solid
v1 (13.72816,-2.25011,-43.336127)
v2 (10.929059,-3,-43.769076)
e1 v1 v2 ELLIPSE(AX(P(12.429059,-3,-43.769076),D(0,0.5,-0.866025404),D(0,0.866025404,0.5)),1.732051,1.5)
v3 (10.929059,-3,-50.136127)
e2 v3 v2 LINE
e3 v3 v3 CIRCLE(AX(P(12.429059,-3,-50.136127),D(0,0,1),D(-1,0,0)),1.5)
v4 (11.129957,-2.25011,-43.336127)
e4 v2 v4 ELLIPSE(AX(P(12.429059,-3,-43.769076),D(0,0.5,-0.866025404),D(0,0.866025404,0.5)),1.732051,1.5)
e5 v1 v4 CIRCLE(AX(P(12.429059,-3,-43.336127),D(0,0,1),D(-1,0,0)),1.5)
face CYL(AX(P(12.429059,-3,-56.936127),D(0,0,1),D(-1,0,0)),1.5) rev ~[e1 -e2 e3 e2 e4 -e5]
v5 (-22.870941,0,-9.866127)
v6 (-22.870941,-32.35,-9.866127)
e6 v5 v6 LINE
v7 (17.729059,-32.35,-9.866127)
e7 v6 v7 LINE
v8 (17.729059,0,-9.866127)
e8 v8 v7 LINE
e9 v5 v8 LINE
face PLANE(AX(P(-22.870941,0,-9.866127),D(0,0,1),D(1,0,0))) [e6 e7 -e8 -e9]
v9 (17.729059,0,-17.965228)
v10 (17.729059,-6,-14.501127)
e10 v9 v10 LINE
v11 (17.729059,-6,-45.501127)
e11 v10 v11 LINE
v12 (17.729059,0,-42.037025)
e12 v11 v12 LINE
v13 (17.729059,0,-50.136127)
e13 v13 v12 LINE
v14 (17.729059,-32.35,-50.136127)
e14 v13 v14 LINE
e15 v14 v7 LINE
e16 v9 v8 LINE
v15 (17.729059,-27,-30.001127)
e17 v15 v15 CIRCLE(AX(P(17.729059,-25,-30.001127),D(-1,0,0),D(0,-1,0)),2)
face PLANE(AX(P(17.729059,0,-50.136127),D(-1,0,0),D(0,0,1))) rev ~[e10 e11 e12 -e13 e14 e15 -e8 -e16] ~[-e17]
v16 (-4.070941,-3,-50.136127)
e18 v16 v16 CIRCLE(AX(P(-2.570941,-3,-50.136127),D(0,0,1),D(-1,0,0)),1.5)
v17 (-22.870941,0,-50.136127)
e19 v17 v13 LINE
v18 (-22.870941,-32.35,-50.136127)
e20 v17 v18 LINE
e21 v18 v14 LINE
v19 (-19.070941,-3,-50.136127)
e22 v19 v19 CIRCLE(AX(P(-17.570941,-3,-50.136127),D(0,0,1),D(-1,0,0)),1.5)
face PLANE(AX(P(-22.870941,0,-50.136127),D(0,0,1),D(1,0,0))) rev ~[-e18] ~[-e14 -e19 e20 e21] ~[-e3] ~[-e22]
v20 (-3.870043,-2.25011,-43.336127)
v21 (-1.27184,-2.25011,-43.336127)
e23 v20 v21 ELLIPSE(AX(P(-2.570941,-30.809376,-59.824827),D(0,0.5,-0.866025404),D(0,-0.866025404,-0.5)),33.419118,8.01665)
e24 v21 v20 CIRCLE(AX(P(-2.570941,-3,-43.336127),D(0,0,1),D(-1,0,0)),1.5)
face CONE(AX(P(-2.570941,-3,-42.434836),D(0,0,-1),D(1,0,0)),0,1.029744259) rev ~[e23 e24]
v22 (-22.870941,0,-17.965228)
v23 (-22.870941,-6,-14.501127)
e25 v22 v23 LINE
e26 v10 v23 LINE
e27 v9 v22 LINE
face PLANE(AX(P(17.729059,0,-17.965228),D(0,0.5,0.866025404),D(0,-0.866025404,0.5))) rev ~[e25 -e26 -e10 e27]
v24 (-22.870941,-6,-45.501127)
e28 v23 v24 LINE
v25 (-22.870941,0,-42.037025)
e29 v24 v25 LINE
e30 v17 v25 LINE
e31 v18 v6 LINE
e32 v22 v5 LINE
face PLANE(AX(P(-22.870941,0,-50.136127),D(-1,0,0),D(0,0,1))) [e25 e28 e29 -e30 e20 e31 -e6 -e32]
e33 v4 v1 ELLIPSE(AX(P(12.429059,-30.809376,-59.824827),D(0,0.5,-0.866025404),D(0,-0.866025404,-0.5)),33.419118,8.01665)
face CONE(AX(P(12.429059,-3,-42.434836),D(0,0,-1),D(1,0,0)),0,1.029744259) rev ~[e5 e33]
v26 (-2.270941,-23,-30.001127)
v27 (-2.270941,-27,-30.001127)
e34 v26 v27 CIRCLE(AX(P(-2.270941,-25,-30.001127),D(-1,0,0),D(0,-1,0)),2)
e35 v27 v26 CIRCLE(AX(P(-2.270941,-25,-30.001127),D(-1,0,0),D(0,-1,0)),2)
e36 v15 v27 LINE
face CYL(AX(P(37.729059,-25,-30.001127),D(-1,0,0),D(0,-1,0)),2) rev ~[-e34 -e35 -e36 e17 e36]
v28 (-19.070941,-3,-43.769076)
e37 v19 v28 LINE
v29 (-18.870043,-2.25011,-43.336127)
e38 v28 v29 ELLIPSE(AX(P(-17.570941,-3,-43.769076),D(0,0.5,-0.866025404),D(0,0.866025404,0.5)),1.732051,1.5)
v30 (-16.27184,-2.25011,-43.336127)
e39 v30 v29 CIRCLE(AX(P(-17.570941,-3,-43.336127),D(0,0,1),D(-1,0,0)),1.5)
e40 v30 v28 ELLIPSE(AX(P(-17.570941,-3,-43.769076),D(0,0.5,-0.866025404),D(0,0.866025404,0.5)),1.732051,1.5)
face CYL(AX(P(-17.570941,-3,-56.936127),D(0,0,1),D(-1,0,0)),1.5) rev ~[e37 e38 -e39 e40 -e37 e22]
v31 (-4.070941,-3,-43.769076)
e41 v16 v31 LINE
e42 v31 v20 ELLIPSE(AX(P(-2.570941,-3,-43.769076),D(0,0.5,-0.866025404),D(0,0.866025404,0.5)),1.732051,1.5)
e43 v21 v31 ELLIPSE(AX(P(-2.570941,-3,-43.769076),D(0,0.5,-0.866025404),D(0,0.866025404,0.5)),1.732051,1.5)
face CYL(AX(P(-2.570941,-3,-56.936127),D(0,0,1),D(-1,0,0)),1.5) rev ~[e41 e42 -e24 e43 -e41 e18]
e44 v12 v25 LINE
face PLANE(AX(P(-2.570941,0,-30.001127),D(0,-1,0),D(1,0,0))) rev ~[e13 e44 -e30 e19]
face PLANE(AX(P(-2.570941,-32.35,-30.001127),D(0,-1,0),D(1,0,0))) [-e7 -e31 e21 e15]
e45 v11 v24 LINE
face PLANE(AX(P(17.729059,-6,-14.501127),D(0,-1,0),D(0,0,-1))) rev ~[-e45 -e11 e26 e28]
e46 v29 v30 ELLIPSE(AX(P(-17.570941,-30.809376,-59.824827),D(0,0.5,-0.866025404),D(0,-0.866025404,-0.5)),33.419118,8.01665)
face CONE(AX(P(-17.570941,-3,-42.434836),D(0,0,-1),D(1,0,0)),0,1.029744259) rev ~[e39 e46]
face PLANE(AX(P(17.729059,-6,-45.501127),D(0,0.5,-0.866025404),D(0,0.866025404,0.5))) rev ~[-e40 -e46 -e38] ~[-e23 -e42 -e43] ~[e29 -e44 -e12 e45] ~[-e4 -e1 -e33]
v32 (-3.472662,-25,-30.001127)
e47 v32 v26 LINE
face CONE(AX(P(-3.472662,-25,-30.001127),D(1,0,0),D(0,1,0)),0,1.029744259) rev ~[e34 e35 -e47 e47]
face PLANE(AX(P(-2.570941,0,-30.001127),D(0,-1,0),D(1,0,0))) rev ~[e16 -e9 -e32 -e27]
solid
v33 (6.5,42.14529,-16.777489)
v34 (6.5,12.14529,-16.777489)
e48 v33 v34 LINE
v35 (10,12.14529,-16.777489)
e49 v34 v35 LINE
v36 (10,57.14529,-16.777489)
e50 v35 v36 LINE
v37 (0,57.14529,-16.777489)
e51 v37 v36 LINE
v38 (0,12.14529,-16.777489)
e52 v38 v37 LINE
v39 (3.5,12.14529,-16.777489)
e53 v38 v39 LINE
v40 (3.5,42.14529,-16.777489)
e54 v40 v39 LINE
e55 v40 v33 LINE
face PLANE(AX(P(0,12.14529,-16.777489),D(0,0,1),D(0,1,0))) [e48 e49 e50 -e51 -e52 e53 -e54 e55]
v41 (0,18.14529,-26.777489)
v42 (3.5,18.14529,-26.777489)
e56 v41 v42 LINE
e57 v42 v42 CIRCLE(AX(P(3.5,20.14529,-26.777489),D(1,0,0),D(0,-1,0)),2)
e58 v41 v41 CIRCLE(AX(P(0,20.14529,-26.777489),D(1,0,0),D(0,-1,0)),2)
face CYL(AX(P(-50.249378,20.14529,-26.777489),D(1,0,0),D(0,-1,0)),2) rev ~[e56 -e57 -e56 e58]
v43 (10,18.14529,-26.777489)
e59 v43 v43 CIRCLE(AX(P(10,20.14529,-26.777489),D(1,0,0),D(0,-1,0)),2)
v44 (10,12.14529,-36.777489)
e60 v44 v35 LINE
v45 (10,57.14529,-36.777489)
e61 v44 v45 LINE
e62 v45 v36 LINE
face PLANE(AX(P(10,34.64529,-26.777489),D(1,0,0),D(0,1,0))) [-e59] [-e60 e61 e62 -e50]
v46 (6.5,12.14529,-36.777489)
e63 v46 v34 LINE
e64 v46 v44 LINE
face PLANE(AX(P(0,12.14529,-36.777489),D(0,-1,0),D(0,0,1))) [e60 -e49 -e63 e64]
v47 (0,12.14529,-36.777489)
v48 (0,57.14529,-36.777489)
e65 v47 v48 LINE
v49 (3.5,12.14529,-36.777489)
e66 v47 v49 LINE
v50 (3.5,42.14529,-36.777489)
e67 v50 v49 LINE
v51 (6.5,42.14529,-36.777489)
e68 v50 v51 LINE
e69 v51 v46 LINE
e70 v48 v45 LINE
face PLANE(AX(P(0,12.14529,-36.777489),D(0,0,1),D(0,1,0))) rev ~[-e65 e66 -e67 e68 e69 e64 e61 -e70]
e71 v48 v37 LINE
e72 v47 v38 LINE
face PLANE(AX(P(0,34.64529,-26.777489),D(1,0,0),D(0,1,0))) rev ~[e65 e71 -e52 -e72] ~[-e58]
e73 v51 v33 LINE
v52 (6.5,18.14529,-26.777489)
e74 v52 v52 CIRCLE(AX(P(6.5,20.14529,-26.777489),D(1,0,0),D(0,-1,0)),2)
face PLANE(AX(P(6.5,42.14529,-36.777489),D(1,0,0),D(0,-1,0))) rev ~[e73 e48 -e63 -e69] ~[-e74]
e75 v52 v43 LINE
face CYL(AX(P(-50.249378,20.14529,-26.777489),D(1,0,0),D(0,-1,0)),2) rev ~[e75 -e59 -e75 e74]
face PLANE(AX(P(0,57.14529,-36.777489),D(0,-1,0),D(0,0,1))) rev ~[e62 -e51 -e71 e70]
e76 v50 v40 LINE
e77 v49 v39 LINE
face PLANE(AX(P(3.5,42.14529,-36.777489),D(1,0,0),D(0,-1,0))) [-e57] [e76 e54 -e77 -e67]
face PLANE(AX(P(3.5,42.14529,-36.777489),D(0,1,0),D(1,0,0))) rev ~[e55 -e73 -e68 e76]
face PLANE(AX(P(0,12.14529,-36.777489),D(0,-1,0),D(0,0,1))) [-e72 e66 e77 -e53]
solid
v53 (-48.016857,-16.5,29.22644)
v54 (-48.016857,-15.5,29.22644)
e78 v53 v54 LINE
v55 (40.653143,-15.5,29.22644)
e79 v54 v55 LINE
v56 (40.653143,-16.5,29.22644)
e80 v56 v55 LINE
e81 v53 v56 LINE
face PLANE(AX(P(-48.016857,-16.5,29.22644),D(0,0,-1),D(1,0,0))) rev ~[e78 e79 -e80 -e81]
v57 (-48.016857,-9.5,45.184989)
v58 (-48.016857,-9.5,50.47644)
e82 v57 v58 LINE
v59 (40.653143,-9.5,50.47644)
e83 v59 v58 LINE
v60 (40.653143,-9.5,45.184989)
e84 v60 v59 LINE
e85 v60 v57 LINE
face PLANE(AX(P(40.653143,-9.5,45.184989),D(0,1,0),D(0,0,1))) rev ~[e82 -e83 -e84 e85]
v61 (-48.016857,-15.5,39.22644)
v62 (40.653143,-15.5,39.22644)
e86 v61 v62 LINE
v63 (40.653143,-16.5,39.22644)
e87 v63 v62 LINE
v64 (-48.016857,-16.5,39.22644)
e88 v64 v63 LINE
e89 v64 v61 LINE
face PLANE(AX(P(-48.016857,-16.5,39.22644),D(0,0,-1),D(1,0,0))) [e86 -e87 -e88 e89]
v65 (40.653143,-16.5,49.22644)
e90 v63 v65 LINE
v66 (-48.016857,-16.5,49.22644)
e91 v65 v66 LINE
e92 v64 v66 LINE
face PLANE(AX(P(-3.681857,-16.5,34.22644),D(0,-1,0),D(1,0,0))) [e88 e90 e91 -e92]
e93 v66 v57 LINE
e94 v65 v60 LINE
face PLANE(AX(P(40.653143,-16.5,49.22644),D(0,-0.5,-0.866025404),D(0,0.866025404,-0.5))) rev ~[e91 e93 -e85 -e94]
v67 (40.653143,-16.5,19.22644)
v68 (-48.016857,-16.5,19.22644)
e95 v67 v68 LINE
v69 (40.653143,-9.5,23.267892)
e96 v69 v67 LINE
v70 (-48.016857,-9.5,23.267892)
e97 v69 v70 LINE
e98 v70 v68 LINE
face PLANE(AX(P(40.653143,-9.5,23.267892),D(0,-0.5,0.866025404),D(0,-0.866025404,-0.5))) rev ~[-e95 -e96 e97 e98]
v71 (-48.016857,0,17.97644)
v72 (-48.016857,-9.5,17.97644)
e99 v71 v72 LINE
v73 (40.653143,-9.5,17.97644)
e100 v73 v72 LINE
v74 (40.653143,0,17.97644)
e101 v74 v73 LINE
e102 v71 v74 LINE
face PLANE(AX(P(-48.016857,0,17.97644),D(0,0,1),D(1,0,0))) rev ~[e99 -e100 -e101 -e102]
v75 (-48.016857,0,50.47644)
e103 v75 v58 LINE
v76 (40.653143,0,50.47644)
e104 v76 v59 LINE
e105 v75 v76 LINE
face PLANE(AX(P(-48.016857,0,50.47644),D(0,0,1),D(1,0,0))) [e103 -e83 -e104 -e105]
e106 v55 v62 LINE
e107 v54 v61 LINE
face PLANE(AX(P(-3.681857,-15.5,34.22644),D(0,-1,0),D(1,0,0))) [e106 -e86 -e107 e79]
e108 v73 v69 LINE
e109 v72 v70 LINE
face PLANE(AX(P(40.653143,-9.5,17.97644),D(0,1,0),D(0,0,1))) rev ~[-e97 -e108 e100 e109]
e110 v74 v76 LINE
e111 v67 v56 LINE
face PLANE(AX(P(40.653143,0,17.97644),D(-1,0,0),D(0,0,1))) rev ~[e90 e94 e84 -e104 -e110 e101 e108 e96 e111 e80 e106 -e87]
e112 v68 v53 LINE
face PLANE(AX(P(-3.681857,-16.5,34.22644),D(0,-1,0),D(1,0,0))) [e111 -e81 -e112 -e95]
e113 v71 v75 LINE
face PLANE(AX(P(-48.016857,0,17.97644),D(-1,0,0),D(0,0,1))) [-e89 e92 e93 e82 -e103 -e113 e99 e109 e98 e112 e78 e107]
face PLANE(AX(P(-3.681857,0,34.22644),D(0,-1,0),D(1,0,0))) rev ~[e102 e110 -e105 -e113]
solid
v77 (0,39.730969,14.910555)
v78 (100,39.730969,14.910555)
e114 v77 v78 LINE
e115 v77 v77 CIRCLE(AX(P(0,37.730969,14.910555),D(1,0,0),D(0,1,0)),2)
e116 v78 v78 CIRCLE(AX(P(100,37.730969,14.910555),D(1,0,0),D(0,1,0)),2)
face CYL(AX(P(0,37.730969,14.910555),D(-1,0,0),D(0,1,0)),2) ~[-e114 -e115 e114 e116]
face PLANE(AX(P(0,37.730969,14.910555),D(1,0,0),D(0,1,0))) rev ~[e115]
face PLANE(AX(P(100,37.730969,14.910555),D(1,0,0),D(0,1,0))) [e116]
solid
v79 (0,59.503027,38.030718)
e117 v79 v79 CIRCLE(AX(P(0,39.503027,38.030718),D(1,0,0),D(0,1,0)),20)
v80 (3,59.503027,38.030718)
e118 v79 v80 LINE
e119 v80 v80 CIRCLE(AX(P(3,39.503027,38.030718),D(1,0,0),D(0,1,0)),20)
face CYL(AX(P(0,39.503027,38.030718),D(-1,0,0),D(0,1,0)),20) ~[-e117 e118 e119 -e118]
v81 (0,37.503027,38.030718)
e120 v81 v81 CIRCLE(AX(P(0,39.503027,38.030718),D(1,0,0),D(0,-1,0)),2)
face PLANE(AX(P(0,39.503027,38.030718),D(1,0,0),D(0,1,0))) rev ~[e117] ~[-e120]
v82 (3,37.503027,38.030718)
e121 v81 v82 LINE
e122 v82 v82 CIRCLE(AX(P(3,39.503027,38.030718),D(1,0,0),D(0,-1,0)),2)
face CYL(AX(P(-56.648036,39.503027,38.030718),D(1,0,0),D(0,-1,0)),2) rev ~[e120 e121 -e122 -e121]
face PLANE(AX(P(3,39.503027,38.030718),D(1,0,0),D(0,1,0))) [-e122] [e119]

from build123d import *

# Parameters (mm, degrees)
F0_W      = 88.67
F0_H      = 32.5
F1_DEPTH  = 16.5
F2_W      = 40.6
F2_H      = 40.27
F3_DEPTH  = 32.35
F5_DEPTH  = 40.6
F7_DEPTH  = 88.67
F8_W      = 88.67
F8_H      = 10
F9_DEPTH  = 1
F11_D     = 3
F11_DEPTH = 6.8
F11_TIP   = 0.9012909285
F12_D     = 4
F12_DEPTH = 20
F12_TIP   = 1.2017212381
F13_W     = 45
F13_H     = 20
F14_DEPTH = 10
F15_W     = 3
F15_H     = 30
F16_DEPTH = 20
F17_D     = 4
F18_R     = 2
F19_DEPTH = 100
F20_R     = 20
F21_DEPTH = 3
F22_D     = 4


with BuildPart() as f1:
    # F0 (on Front) → F1 (new body)
    with BuildSketch(Plane.XZ):
        with Locations((-3.6818569219, 34.2264404893)):
            Rectangle(F0_W, F0_H)
    extrude(amount=F1_DEPTH)

    # F6 (on face) → F7 (cut, through all)
    with BuildSketch(Plane.YZ.offset(40.6531430781)):
        Polygon((-16.5, 50.4764404893), (-16.5, 49.2264404893), (-9.5, 45.184988605), (-9.5, 50.4764404893), align=None)
        Polygon((-9.5, 23.2678923736), (-16.5, 19.2264404893), (-16.5, 17.9764404893), (-9.5, 17.9764404893), align=None)
    extrude(amount=-F7_DEPTH, mode=Mode.SUBTRACT)

    # F8 (on face) → F9 (cut)
    with BuildSketch(Plane.XZ.offset(16.5)):
        with Locations((-3.6818569219, 34.2264404893)):
            Rectangle(F8_W, F8_H)
    extrude(amount=-F9_DEPTH, mode=Mode.SUBTRACT)


with BuildPart() as f3:
    # F2 (on Front) → F3 (new body)
    with BuildSketch(Plane.XZ):
        with Locations((-2.5709411383, -30.0011265779)):
            Rectangle(F2_W, F2_H)
    extrude(amount=F3_DEPTH)

    # F4 (on face) → F5 (cut, through all)
    with BuildSketch(Plane.YZ.offset(17.7290588617)):
        Polygon((0, -42.0370249627), (0, -17.965228193), (-6, -14.5011265779), (-6, -45.5011265779), align=None)
    extrude(amount=-F5_DEPTH, mode=Mode.SUBTRACT)

    # F11
    with Locations(Plane(origin=(0, 0, -50.1361265779), x_dir=(1, 0, 0), z_dir=(0, 0, -1))):
        with Locations((-2.5709411383, 3), (12.4290588617, 3), (-17.5709411383, 3)):
            Hole(F11_D / 2, depth=F11_DEPTH)
            with Locations((0, 0, -(F11_DEPTH + F11_TIP / 2))):  # 118° drill point
                Cone(0, F11_D / 2, F11_TIP, mode=Mode.SUBTRACT)

    # F12
    with Locations(Plane.YZ.offset(17.7290588617)):
        with Locations((-25, -30.0011265779)):
            Hole(F12_D / 2, depth=F12_DEPTH)
            with Locations((0, 0, -(F12_DEPTH + F12_TIP / 2))):  # 118° drill point
                Cone(0, F12_D / 2, F12_TIP, mode=Mode.SUBTRACT)


with BuildPart() as f14:
    # F13 (on Right) → F14 (new body)
    with BuildSketch(Plane.YZ):
        with Locations((34.6452900767, -26.7774888873)):
            Rectangle(F13_W, F13_H)
    extrude(amount=F14_DEPTH)

    # F15 (on face) → F16 (cut, through all)
    with BuildSketch(Plane(origin=(0, 0, -36.7774888873), x_dir=(1, 0, 0), z_dir=(0, 0, -1))):
        with Locations((5, -27.1452900767)):
            Rectangle(F15_W, F15_H)
    extrude(amount=-F16_DEPTH, mode=Mode.SUBTRACT)

    # F17 (through all)
    with Locations(Plane(origin=(0, 0, 0), x_dir=(0, 1, 0), z_dir=(-1, 0, 0))):
        with Locations((20.1452900767, 26.7774888873)):
            Hole(F17_D / 2)


with BuildPart() as f19:
    # F18 (on Right) → F19 (new body)
    with BuildSketch(Plane.YZ):
        with Locations((37.7309694886, 14.9105554447)):
            Circle(F18_R)
    extrude(amount=F19_DEPTH)


with BuildPart() as f21:
    # F20 (on Right) → F21 (new body)
    with BuildSketch(Plane.YZ):
        with Locations((39.5030267537, 38.0307175219)):
            Circle(F20_R)
    extrude(amount=F21_DEPTH)

    # F22 (through all)
    with Locations(Plane(origin=(0, 0, 0), x_dir=(0, 1, 0), z_dir=(-1, 0, 0))):
        with Locations((39.5030267537, -38.0307175219)):
            Hole(F22_D / 2)


solid = Compound([f1.part, f3.part, f14.part, f19.part, f21.part])
